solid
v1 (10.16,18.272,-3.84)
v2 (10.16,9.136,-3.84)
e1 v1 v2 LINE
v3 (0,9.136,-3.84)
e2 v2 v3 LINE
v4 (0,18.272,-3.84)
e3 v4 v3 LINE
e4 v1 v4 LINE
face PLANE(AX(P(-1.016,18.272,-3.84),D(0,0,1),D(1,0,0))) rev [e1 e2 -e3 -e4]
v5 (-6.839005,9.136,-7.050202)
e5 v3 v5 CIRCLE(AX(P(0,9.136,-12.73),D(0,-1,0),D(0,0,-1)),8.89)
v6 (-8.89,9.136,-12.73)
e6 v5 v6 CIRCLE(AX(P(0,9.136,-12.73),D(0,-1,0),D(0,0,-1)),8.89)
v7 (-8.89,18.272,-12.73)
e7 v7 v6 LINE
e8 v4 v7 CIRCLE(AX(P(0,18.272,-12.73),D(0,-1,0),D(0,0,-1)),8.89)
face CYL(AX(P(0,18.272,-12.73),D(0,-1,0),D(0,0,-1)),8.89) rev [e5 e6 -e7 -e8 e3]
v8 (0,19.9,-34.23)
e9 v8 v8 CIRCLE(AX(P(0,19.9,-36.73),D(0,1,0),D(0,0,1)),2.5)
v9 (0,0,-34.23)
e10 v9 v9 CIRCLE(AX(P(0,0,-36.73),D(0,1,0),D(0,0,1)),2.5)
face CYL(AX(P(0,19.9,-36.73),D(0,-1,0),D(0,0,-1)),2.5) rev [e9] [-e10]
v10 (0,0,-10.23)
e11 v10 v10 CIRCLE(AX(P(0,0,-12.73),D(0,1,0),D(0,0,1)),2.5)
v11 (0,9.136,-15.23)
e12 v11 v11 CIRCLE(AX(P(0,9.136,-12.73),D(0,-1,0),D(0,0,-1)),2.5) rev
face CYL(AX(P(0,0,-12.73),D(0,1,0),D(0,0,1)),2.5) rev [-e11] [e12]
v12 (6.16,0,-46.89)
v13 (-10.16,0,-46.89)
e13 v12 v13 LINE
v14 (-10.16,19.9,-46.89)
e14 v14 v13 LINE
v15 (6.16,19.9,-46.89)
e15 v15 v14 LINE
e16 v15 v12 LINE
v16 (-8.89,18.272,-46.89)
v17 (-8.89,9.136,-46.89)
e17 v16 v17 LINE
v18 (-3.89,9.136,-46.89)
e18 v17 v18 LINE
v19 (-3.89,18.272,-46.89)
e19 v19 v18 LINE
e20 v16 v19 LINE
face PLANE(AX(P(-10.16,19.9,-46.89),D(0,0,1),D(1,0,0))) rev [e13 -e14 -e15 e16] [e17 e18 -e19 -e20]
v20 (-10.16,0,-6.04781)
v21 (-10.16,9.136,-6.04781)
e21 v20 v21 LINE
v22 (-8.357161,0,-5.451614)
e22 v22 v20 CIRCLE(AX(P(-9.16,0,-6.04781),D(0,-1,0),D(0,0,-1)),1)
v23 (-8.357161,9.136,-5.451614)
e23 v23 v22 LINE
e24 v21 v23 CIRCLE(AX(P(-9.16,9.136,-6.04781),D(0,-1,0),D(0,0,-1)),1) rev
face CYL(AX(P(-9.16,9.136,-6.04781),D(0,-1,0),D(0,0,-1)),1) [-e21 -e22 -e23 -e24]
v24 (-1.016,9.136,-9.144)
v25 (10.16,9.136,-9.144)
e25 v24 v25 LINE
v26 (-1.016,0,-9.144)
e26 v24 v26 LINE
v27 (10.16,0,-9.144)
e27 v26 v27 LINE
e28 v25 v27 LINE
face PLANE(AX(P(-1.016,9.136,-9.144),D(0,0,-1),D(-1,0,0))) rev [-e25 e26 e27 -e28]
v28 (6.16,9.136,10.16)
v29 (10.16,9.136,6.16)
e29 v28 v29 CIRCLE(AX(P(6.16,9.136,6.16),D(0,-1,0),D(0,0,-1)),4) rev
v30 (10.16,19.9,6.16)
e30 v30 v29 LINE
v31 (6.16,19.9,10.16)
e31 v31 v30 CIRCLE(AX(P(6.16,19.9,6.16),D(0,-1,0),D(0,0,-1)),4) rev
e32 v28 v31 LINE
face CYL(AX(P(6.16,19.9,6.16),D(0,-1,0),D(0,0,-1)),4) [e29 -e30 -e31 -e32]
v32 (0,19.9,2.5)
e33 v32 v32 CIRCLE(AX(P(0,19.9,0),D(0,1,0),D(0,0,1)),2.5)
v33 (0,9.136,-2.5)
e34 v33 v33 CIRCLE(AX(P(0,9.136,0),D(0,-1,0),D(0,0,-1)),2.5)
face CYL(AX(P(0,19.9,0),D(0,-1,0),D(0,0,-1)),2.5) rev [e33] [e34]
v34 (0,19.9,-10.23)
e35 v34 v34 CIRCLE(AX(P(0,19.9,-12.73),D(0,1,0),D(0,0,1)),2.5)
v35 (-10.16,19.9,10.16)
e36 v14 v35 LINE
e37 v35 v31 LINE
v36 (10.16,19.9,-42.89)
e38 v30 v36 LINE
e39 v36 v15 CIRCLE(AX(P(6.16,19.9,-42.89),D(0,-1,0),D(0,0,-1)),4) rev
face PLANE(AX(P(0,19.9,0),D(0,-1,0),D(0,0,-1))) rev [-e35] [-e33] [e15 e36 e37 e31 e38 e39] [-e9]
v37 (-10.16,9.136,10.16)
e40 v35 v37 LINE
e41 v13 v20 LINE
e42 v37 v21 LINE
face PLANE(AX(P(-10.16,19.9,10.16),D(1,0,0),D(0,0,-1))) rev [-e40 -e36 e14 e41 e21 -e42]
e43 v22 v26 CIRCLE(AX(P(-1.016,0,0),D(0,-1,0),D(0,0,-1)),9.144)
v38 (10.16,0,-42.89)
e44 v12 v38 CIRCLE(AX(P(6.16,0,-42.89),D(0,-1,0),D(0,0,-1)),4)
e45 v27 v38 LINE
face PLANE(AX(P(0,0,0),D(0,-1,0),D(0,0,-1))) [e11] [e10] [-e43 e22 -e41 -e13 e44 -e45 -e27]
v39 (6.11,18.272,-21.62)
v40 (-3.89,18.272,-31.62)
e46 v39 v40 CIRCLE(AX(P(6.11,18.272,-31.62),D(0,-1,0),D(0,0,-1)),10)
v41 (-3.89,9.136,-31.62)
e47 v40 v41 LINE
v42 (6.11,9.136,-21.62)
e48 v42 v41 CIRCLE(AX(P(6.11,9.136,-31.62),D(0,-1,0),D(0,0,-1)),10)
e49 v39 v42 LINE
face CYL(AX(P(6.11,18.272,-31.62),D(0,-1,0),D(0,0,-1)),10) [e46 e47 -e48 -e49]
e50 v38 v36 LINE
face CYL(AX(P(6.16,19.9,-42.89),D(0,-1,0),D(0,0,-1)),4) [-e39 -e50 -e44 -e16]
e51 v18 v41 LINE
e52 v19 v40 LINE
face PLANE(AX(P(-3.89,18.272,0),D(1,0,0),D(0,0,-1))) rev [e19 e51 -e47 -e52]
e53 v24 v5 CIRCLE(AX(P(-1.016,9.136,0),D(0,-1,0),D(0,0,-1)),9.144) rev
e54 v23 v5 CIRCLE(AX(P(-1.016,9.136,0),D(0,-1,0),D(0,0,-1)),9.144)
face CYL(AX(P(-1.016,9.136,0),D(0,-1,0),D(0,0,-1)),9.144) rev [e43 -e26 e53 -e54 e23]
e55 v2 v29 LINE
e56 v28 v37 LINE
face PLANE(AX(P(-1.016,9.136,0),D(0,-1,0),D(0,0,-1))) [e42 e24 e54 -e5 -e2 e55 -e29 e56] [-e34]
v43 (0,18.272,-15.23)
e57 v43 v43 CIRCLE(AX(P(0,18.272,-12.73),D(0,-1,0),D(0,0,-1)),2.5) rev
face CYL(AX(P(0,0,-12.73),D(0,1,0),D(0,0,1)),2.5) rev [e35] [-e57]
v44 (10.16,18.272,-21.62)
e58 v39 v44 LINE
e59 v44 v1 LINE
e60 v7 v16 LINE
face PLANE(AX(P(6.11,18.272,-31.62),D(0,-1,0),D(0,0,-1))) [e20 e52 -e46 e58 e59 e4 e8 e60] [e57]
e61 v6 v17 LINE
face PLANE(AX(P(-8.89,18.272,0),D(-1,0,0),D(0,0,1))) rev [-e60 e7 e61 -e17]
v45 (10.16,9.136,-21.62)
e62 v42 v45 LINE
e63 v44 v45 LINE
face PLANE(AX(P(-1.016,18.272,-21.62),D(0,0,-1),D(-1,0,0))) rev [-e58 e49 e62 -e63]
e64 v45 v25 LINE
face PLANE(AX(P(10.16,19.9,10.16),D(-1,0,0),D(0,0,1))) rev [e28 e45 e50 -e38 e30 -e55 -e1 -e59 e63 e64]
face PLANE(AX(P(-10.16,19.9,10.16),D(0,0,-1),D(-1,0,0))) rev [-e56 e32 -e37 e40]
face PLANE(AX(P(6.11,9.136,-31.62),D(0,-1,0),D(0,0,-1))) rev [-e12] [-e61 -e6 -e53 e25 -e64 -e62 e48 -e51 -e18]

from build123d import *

# Parameters (mm, degrees)
SKETCH1_W           = 20.32
SKETCH1_H           = 57.05
SKETCH1_R           = 2.5
BOSS_EXTRUDE1_DEPTH = 19.9
FILLET1_R           = 4
CUT_EXTRUDE1_DEPTH  = 9.136
SKETCH3_R           = 2.5
CUT_EXTRUDE2_DEPTH  = 20.9
CUT_EXTRUDE3_START  = -10.764
CUT_EXTRUDE3_DEPTH  = 9.136
FILLET2_R           = 1


with BuildPart() as part:
    # Sketch1 → Boss-Extrude1 (new body)
    with BuildSketch(Plane(origin=(0, 0, 0), x_dir=(1, 0, 0), z_dir=(0, 1, 0))):
        with Locations((0, 18.365)):
            Rectangle(SKETCH1_W, SKETCH1_H)
        Circle(SKETCH1_R, mode=Mode.SUBTRACT)
        with Locations((0, 36.73)):
            Circle(SKETCH1_R, mode=Mode.SUBTRACT)
    extrude(amount=BOSS_EXTRUDE1_DEPTH)

    # Fillet1
    fillet1_edges = [part.edges().sort_by_distance(p)[0] for p in [
        (10.16, 9.95, 10.16),
        (10.16, 9.95, -46.89),
    ]]
    fillet(fillet1_edges, radius=FILLET1_R)

    # Sketch2 → Cut-Extrude1 (cut)
    with BuildSketch(Plane.XZ):
        with BuildLine():
            Line((-1.016, -9.144), (10.16, -9.144))
            Line((10.16, -9.144), (10.16, 10.16))
            Line((10.16, 10.16), (-10.16, 10.16))
            Line((-10.16, 10.16), (-10.16, 0))
            ThreePointArc((-10.16, 0), (-7.481784407, -6.465784407), (-1.016, -9.144))
        make_face()
    extrude(amount=-CUT_EXTRUDE1_DEPTH, mode=Mode.SUBTRACT)

    # Sketch3 → Cut-Extrude2 (cut, through all)
    with BuildSketch(Plane(origin=(0, 19.9, 0), x_dir=(1, 0, 0), z_dir=(0, 1, 0))):
        with Locations((0, 12.73)):
            Circle(SKETCH3_R)
    extrude(amount=-CUT_EXTRUDE2_DEPTH, mode=Mode.SUBTRACT)

    # Sketch4 → Cut-Extrude3 (cut)
    with BuildSketch(Plane(origin=(0, 19.9, 0), x_dir=(1, 0, 0), z_dir=(0, 1, 0)).offset(CUT_EXTRUDE3_START)):
        with BuildLine():
            Line((0, 3.84), (10.16, 3.84))
            Line((10.16, 3.84), (10.16, 21.62))
            Line((10.16, 21.62), (6.11, 21.62))
            ThreePointArc((6.11, 21.62), (-0.961067812, 24.548932188), (-3.89, 31.62))
            Line((-3.89, 31.62), (-3.89, 46.89))
            Line((-3.89, 46.89), (-8.89, 46.89))
            Line((-8.89, 46.89), (-8.89, 12.73))
            ThreePointArc((-8.89, 12.73), (-6.286179285, 6.443820715), (0, 3.84))
        make_face()
    extrude(amount=CUT_EXTRUDE3_DEPTH, mode=Mode.SUBTRACT)

    # Fillet2
    fillet2_edges = [part.edges().sort_by_distance(p)[0] for p in [
        (-10.16, 4.568, 0),
    ]]
    fillet(fillet2_edges, radius=FILLET2_R)


solid = part.part
